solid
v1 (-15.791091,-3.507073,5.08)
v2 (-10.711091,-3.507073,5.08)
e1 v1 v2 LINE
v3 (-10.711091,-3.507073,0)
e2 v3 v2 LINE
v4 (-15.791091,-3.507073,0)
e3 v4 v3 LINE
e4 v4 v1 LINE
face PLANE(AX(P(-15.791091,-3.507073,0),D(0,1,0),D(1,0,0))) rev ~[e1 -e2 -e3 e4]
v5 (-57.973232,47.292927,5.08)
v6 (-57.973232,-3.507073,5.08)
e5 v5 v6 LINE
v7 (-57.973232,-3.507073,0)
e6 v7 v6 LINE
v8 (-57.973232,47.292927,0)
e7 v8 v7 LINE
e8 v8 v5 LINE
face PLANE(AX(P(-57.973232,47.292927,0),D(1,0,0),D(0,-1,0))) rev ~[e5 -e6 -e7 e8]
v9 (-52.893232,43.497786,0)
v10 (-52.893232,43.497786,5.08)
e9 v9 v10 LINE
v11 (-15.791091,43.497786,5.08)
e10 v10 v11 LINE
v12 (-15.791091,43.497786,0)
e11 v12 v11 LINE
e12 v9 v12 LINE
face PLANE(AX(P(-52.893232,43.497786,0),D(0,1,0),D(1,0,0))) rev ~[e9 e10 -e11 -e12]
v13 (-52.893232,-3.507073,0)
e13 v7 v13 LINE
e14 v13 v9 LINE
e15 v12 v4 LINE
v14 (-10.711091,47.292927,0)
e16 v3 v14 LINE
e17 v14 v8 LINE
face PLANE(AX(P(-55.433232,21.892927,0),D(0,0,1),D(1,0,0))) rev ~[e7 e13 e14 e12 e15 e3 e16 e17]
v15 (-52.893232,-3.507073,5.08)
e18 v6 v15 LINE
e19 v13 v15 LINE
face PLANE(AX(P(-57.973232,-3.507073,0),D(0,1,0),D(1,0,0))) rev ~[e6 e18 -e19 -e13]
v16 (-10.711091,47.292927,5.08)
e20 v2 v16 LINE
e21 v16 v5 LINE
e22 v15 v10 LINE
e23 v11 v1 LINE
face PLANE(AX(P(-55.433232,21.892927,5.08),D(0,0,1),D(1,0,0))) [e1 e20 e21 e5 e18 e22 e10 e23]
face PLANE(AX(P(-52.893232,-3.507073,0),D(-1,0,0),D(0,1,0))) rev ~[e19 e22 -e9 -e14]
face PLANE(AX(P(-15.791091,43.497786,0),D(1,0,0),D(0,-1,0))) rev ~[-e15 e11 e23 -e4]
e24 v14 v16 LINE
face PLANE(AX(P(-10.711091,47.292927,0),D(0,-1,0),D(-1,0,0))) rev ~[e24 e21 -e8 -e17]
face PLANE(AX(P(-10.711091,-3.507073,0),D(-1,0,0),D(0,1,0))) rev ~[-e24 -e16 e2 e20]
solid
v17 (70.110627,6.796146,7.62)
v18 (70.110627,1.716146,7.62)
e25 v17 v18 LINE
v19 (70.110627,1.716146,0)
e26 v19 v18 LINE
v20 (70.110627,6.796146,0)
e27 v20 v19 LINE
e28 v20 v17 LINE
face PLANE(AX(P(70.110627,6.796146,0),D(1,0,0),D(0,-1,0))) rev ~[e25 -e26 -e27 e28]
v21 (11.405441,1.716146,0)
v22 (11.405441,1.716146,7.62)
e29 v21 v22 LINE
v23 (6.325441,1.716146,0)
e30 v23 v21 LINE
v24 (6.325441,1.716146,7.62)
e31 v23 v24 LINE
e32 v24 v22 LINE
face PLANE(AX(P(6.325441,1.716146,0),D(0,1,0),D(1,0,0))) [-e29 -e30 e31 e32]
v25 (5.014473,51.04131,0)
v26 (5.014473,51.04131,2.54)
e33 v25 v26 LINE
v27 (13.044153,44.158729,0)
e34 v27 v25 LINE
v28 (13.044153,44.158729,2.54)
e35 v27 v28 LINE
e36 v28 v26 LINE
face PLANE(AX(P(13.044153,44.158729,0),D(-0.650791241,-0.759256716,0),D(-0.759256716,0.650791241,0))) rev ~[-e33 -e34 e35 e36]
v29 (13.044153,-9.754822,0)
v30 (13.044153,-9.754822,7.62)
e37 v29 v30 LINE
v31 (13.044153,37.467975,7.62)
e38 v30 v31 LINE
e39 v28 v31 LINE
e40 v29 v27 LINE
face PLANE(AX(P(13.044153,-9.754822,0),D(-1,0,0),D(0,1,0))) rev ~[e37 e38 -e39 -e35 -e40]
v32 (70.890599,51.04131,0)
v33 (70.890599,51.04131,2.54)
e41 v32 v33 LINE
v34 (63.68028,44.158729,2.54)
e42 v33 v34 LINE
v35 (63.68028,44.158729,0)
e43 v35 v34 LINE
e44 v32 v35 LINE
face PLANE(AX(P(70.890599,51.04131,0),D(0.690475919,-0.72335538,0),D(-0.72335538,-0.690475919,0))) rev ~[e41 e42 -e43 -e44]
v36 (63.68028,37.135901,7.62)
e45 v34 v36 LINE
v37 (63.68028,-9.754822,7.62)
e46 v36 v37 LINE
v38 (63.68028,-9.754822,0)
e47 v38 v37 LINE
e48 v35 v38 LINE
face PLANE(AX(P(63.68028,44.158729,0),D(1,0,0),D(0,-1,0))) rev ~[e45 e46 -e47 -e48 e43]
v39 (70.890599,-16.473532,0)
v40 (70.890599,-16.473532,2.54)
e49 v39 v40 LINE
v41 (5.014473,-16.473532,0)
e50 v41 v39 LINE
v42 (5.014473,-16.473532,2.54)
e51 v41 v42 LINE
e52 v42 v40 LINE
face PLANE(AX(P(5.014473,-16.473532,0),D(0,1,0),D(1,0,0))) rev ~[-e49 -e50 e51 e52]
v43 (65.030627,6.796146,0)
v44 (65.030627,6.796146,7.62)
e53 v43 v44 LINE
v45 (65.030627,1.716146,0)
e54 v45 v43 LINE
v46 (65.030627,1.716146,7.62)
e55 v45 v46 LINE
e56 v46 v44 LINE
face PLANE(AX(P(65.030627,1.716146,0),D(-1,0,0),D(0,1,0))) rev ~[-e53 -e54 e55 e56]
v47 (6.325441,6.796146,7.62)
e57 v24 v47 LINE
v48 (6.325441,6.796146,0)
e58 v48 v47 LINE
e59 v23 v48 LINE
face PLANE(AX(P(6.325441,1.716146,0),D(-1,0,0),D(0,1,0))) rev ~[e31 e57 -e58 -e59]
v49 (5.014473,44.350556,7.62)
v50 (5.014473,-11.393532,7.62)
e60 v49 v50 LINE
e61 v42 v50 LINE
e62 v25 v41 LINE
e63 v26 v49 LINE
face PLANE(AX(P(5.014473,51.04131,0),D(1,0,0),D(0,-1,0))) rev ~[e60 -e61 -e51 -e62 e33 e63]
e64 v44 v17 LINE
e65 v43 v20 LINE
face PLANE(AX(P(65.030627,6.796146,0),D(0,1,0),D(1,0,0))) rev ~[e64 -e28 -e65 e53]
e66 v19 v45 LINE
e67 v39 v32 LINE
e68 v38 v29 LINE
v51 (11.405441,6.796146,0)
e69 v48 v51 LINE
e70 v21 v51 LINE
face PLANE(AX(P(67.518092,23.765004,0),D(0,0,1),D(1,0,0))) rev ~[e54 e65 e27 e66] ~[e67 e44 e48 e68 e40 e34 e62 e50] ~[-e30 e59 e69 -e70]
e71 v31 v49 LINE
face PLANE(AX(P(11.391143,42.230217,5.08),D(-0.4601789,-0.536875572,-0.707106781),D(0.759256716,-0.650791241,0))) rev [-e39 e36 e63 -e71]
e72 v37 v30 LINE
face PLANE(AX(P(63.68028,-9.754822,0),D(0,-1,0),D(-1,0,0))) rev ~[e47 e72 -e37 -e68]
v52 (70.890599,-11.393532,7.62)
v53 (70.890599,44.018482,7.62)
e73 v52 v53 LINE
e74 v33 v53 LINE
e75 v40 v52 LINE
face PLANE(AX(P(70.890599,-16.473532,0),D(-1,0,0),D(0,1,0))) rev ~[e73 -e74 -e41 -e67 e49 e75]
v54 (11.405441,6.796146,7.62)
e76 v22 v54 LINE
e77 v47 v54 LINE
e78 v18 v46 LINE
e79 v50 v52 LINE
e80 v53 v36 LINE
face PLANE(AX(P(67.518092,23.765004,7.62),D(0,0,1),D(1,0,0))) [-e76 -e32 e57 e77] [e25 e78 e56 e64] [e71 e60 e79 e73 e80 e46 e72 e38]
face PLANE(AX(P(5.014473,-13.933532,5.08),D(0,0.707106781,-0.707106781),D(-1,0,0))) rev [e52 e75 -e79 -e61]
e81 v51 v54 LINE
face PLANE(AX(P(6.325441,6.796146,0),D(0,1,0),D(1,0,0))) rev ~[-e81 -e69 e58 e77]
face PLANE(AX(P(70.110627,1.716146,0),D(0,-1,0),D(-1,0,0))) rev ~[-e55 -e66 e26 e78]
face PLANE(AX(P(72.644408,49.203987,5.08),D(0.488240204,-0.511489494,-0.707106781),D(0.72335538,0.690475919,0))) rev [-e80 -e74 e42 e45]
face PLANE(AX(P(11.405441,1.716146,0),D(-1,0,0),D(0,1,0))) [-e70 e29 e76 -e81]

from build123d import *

# Parameters (mm, degrees)
F0_W     = 37.1021415129
F0_H     = 3.7951407298
F1_DEPTH = 5.08
F2_W     = 5.08
F2_H     = 5.08
F3_DEPTH = 7.62
F4_SIZE  = 5.08


with BuildPart() as f1:
    # F0 (on Top) → F1 (new body)
    with BuildSketch(Plane.XY):
        Polygon((-57.9732320131, 47.2929266557), (-57.9732320131, -3.5070733443), (-52.8932320131, -3.5070733443), (-52.8932320131, 43.4977859259), (-52.8932320131, 47.2929266557), align=None)
        Polygon((-15.7910905002, 47.2929266557), (-15.7910905002, 43.4977859259), (-15.7910905002, -3.5070733443), (-10.7110905002, -3.5070733443), (-10.7110905002, 47.2929266557), align=None)
        with Locations((-34.3421612567, 45.3953562908)):
            Rectangle(F0_W, F0_H)
    extrude(amount=F1_DEPTH)


with BuildPart() as f3:
    # F2 (on Top) → F3 (new body)
    with BuildSketch(Plane.XY):
        Polygon((70.8905990372, 1.7161462436), (70.8905990372, 51.0413096702), (63.6802796012, 44.1587287516), (63.6802796012, 1.7161462436), (65.0306269526, 1.7161462436), (65.0306269526, 6.7961462436), (70.1106269526, 6.7961462436), (70.1106269526, 1.7161462436), align=None)
        Polygon((13.0441530983, 44.1587287516), (5.0144725343, 51.0413096702), (5.0144725343, -16.4735316714), (70.8905990372, -16.4735316714), (70.8905990372, 1.7161462436), (70.1106269526, 1.7161462436), (65.0306269526, 1.7161462436), (63.6802796012, 1.7161462436), (63.6802796012, -9.7548216009), (13.0441530983, -9.7548216009), (13.0441530983, 1.7161462436), align=None)
        with Locations((8.8654414384, 4.2561462436)):
            Rectangle(F2_W, F2_H, mode=Mode.SUBTRACT)
    extrude(amount=F3_DEPTH)

    # F4
    f4_edges = [f3.edges().sort_by_distance(p)[0] for p in [
        (37.952536, -16.473532, 7.62),
        (9.029313, 47.600019, 7.62),
        (67.285439, 47.600019, 7.62),
    ]]
    chamfer(f4_edges, length=F4_SIZE)


solid = Compound([f1.part, f3.part])
